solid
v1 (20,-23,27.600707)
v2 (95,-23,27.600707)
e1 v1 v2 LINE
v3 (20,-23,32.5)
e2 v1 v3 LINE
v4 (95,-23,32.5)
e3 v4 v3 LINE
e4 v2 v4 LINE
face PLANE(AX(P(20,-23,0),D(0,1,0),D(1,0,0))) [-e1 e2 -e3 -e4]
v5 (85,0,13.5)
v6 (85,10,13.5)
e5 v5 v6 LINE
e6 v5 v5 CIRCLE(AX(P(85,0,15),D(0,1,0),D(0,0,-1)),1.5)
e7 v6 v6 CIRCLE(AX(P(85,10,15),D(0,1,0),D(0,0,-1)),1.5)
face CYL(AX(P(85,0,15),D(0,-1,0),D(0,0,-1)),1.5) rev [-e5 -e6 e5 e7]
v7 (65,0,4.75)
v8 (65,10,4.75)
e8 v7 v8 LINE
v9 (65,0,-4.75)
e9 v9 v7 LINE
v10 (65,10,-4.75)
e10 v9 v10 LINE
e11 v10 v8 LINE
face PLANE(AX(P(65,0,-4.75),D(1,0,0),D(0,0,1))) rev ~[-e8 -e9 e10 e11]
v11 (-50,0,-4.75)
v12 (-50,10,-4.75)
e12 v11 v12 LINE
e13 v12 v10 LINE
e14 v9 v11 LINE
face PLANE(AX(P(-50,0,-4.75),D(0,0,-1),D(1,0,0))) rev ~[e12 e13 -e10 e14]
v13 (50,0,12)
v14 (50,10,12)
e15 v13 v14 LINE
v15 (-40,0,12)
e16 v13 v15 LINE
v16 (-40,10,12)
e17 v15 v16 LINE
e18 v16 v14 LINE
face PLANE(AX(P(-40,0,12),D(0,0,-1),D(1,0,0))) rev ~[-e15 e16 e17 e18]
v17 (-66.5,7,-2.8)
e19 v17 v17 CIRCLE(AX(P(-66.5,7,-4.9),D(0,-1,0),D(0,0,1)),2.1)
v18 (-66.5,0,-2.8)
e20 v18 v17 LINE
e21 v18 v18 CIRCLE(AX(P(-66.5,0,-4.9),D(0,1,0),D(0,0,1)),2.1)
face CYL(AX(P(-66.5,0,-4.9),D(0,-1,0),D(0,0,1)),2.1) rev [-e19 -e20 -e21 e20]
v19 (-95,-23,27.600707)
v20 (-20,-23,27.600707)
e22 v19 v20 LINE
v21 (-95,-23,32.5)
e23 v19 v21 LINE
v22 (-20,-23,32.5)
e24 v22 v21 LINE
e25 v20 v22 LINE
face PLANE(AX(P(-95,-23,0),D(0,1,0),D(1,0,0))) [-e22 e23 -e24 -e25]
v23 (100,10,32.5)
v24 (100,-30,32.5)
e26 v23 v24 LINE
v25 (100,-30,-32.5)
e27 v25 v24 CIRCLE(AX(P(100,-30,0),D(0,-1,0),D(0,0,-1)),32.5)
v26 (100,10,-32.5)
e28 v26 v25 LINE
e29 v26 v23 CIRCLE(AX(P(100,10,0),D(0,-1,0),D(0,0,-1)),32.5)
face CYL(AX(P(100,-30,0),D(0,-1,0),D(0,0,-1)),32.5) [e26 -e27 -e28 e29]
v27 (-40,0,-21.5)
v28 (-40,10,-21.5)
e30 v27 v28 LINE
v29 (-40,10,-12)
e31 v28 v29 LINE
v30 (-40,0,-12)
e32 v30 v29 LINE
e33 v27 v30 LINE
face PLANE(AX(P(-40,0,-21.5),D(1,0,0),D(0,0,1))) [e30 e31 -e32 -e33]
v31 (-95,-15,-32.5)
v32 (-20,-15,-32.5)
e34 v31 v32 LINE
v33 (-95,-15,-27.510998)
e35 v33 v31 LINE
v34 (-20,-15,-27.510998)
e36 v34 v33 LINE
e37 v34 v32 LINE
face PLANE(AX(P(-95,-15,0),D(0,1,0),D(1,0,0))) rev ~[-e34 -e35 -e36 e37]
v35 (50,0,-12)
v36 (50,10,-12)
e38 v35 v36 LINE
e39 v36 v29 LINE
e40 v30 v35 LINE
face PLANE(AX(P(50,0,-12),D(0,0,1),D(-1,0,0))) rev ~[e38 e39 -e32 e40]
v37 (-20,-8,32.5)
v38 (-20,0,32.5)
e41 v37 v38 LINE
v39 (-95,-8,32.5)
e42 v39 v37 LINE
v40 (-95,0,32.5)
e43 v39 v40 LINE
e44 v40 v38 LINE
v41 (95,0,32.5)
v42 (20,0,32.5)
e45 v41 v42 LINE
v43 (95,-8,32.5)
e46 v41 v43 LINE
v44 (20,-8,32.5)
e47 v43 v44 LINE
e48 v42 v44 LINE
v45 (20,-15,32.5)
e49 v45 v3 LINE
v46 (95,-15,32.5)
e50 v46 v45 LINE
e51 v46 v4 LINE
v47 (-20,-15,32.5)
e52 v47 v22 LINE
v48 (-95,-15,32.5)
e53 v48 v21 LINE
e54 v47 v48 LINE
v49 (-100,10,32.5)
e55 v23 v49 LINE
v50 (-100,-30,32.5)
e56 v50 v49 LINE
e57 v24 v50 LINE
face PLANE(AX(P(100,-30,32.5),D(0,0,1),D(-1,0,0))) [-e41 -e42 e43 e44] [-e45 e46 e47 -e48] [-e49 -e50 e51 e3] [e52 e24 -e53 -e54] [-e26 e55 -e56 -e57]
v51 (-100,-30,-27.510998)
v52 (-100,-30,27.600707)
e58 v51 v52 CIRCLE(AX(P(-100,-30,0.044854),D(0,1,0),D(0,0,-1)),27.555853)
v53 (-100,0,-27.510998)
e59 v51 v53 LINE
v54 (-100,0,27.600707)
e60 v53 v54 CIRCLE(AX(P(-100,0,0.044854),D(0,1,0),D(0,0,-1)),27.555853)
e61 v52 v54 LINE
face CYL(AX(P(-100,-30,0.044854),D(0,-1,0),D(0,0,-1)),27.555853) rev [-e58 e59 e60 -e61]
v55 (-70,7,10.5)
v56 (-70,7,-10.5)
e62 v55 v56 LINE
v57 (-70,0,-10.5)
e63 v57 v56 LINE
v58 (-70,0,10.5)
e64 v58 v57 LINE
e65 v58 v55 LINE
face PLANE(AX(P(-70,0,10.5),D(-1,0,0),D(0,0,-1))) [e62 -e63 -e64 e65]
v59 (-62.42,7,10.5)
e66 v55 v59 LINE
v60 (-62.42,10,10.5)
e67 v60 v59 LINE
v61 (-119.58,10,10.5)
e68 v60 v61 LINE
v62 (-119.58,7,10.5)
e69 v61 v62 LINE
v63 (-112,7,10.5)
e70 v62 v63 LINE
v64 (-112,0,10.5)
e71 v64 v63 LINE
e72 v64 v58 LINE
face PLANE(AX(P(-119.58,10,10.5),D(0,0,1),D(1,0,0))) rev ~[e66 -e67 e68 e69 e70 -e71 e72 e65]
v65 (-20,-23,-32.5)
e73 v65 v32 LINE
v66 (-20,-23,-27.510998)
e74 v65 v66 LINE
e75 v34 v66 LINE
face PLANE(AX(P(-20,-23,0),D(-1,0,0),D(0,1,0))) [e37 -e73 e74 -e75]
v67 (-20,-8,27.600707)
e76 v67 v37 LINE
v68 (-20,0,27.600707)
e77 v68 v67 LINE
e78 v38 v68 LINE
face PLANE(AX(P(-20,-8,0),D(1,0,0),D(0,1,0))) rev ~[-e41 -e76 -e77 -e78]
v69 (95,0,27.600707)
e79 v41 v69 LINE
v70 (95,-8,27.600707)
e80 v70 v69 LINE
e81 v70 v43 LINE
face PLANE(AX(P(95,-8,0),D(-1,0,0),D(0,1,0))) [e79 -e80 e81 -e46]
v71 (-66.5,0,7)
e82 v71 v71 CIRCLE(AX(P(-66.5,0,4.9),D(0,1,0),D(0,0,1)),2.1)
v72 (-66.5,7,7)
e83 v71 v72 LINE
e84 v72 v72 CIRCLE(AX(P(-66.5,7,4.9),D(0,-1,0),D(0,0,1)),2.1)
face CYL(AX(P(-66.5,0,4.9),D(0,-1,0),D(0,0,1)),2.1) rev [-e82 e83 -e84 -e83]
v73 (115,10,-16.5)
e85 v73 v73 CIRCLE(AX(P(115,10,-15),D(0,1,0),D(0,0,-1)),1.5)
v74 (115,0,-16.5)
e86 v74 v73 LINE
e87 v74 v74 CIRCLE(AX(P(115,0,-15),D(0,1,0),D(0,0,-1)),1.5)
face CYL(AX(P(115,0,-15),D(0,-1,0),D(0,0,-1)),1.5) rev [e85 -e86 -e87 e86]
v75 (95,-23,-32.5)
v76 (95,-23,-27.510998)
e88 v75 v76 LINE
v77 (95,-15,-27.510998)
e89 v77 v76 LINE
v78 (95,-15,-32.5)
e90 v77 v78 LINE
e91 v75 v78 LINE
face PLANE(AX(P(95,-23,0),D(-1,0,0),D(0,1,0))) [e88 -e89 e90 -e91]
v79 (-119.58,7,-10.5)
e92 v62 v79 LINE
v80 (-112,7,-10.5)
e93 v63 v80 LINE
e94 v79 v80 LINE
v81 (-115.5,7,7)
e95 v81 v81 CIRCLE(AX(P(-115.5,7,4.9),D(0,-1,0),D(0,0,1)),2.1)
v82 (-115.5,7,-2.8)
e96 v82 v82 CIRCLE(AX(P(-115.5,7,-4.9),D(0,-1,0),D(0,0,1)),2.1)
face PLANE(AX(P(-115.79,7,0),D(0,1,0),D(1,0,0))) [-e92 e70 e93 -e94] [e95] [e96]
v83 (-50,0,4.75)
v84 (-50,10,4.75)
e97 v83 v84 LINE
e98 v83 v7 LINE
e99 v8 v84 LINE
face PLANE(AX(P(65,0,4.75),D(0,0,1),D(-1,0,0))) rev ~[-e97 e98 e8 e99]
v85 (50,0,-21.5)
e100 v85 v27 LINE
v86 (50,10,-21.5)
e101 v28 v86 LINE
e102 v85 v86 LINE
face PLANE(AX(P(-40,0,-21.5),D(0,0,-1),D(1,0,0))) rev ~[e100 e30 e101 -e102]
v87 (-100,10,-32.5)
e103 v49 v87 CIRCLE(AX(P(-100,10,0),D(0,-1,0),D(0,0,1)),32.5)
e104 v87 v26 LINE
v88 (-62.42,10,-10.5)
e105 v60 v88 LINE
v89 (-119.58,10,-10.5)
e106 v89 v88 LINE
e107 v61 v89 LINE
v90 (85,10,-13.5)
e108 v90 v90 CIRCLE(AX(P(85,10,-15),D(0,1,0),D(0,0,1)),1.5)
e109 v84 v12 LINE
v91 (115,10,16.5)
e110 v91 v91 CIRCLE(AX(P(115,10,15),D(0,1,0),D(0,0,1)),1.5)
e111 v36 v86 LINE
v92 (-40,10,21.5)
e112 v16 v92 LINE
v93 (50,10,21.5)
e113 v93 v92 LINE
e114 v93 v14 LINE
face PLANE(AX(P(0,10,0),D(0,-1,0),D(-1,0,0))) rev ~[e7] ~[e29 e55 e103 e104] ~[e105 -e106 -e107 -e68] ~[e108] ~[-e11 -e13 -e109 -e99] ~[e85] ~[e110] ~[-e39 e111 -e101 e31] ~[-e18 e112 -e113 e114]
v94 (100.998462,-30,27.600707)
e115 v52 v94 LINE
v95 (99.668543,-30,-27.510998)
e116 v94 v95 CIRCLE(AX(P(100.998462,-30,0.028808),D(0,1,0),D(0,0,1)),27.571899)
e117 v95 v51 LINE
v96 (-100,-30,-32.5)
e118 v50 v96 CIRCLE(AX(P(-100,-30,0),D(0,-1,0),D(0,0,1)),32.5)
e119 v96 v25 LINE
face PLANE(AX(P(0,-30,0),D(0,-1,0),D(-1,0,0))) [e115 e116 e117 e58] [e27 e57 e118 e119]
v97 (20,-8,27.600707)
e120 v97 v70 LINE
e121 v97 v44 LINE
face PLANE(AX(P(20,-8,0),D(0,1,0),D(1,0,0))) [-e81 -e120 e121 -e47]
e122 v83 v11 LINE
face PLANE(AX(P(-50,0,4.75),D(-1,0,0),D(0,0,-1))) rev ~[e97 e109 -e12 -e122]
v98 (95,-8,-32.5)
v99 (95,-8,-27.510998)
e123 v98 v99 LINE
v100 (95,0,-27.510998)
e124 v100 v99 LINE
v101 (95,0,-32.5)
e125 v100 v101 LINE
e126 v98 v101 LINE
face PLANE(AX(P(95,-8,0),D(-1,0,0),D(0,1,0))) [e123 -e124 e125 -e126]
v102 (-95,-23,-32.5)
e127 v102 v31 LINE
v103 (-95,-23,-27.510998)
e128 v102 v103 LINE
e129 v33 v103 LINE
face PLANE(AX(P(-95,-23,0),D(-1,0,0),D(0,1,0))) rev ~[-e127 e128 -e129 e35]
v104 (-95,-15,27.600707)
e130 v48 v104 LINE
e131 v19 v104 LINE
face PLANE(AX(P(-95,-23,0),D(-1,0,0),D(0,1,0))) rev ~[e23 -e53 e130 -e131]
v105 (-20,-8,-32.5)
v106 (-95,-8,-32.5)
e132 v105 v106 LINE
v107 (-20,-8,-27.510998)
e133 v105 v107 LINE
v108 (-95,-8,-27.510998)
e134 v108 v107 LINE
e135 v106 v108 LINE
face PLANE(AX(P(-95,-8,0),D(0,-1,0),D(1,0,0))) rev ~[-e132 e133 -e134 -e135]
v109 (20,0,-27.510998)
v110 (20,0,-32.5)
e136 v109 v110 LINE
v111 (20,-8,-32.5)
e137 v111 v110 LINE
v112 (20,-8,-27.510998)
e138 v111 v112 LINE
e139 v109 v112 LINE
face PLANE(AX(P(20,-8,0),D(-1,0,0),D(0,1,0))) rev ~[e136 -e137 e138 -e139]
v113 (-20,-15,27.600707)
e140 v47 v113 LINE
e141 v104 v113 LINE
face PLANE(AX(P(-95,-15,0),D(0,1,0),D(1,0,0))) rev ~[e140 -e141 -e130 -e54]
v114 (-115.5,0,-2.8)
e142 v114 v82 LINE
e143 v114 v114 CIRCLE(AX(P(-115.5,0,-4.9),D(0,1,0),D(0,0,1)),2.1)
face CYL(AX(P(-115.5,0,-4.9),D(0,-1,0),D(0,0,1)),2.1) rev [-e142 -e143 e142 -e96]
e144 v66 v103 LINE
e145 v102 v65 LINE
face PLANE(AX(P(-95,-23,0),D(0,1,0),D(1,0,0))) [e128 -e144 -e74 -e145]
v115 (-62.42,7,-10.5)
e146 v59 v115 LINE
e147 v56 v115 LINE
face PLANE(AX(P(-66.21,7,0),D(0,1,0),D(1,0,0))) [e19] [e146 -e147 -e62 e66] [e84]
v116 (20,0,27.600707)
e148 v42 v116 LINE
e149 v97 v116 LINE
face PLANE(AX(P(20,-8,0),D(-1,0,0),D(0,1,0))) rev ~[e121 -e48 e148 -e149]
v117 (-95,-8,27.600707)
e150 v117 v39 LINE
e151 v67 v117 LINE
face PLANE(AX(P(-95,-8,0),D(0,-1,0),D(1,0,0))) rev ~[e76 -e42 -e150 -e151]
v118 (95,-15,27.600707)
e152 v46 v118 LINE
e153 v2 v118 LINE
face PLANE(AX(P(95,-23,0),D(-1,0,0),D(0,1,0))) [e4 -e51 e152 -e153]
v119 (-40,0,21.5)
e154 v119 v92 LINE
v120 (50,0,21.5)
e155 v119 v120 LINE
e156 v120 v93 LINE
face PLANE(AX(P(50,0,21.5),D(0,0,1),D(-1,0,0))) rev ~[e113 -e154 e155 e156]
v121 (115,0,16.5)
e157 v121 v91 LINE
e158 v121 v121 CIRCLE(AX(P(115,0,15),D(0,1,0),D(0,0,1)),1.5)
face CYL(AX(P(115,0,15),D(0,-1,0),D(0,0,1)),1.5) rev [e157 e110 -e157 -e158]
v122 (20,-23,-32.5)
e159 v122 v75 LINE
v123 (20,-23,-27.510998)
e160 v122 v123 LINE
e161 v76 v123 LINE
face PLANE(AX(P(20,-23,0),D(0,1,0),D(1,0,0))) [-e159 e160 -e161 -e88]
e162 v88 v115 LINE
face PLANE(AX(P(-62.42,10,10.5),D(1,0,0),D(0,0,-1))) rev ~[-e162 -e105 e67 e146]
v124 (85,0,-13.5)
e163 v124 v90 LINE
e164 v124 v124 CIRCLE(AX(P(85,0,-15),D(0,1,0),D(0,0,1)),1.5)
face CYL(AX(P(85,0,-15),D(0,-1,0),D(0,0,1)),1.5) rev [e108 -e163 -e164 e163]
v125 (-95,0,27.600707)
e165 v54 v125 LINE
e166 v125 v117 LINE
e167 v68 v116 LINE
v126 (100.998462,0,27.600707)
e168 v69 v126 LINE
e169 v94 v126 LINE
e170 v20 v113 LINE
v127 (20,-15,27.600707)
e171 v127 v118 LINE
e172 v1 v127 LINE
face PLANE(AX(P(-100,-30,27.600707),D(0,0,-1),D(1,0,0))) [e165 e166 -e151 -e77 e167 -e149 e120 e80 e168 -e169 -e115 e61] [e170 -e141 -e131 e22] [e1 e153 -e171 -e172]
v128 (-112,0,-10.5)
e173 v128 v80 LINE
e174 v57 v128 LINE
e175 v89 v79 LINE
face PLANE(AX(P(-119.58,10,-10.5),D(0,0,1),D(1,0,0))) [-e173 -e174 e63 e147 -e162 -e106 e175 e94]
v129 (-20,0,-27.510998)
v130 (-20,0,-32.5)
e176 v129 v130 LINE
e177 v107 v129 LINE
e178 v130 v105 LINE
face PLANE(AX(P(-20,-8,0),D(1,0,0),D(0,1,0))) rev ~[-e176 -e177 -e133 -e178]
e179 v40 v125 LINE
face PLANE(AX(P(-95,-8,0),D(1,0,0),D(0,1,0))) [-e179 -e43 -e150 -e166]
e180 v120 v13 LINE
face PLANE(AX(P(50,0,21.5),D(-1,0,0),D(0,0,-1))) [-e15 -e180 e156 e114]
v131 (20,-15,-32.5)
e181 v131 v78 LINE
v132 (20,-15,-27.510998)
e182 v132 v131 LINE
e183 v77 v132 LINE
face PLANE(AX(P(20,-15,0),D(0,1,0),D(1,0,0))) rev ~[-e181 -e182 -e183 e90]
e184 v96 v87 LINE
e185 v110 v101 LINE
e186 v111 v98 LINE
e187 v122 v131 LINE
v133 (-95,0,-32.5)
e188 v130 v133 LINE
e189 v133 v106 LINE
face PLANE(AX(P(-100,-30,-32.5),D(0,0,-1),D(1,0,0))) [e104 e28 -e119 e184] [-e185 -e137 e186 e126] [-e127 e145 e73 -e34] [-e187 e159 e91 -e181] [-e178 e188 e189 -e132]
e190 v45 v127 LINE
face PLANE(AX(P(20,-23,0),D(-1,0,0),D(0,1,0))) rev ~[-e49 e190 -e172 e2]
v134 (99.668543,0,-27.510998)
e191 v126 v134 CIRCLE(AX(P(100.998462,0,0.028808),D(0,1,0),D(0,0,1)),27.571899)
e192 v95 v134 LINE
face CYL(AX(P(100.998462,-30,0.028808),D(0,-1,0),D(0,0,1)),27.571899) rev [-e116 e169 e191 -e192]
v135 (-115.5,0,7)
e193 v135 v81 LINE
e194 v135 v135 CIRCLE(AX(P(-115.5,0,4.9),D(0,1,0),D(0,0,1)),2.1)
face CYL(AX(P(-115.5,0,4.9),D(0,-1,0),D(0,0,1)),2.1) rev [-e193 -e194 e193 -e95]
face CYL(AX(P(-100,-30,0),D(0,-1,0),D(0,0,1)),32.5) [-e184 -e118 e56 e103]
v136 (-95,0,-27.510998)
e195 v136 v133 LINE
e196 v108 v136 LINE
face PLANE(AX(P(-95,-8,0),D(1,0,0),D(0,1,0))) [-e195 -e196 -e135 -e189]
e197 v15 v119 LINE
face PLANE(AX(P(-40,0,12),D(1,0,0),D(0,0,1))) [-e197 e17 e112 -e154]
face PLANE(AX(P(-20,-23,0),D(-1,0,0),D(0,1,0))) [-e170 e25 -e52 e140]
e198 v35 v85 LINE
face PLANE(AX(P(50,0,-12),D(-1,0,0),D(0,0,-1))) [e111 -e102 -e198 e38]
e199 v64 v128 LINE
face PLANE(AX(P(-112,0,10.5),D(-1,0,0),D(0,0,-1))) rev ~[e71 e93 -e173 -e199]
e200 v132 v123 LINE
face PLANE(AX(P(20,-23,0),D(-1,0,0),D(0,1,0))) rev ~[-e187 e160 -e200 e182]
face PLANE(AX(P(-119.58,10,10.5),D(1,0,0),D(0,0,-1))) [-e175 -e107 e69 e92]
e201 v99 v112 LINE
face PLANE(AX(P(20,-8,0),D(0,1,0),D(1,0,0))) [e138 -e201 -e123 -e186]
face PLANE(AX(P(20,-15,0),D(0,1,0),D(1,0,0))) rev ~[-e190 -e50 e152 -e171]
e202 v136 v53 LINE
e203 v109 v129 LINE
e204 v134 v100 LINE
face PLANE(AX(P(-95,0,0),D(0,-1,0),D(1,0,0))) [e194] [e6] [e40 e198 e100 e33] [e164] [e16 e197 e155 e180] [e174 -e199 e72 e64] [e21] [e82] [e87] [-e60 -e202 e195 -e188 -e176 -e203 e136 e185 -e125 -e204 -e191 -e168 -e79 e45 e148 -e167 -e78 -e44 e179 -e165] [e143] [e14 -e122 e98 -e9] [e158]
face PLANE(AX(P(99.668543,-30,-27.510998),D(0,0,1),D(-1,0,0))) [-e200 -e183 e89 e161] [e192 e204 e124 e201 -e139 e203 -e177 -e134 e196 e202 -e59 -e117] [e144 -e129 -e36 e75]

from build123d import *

# Parameters (mm, degrees)
SKETCH1_R           = 2.1
SKETCH1_R_2         = 1.5
SKETCH1_W           = 42
SKETCH1_H           = 21
BOSS_EXTRUDE1_DEPTH = 10
BOSS_EXTRUDE2_START = -30
BOSS_EXTRUDE2_DEPTH = 30
SKETCH3_W           = 75
SKETCH3_H           = 8
CUT_EXTRUDE1_DEPTH  = 45
SKETCH4_W           = 7.58
SKETCH4_H           = 21
CUT_EXTRUDE2_DEPTH  = 3


with BuildPart() as part:
    # Sketch1 → Boss-Extrude1 (new body)
    with BuildSketch(Plane(origin=(0, 0, 0), x_dir=(1, 0, 0), z_dir=(0, 1, 0))):
        with BuildLine():
            Line((-100, 32.5), (100, 32.5))
            ThreePointArc((100, 32.5), (132.5, 0), (100, -32.5))
            Line((100, -32.5), (-100, -32.5))
            ThreePointArc((-100, -32.5), (-132.5, 0), (-100, 32.5))
        make_face()
        with Locations(Location((-115.5, 4.9, 0), (0, 0, 270))):
            Circle(SKETCH1_R, mode=Mode.SUBTRACT)
        with Locations(Location((-115.5, -4.9, 0), (0, 0, 270))):
            Circle(SKETCH1_R, mode=Mode.SUBTRACT)
        with Locations(Location((-66.5, -4.9, 0), (0, 0, 270))):
            Circle(SKETCH1_R, mode=Mode.SUBTRACT)
        with Locations(Location((-66.5, 4.9, 0), (0, 0, 270))):
            Circle(SKETCH1_R, mode=Mode.SUBTRACT)
        with Locations(Location((85, 15, 0), (0, 0, 270))):
            Circle(SKETCH1_R_2, mode=Mode.SUBTRACT)
        with Locations(Location((115, 15, 0), (0, 0, 90))):
            Circle(SKETCH1_R_2, mode=Mode.SUBTRACT)
        with Locations(Location((85, -15, 0), (0, 0, 90))):
            Circle(SKETCH1_R_2, mode=Mode.SUBTRACT)
        with Locations(Location((115, -15, 0), (0, 0, 270))):
            Circle(SKETCH1_R_2, mode=Mode.SUBTRACT)
        with Locations((-91, 0)):
            Rectangle(SKETCH1_W, SKETCH1_H, mode=Mode.SUBTRACT)
        Polygon((0, 21.5), (-40, 21.5), (-40, 12), (0, 12), (50, 12), (50, 21.5), align=None, mode=Mode.SUBTRACT)
        Polygon((-50, 4.75), (0, 4.75), (65, 4.75), (65, -4.75), (0, -4.75), (-50, -4.75), align=None, mode=Mode.SUBTRACT)
        Polygon((0, -12), (-40, -12), (-40, -21.5), (0, -21.5), (50, -21.5), (50, -12), align=None, mode=Mode.SUBTRACT)
    extrude(amount=BOSS_EXTRUDE1_DEPTH)

    # Sketch2 → Boss-Extrude2 (add)
    with BuildSketch(Plane(origin=(0, 0, 0), x_dir=(1, 0, 0), z_dir=(0, 1, 0)).offset(BOSS_EXTRUDE2_START)):
        with BuildLine():
            Line((-100, 32.5), (100, 32.5))
            ThreePointArc((100, 32.5), (132.5, 0), (100, -32.5))
            Line((100, -32.5), (-100, -32.5))
            ThreePointArc((-100, -32.5), (-132.5, 0), (-100, 32.5))
        make_face()
        with BuildLine():
            Line((99.668543355, 27.510998447), (-100, 27.510998447))
            ThreePointArc((-100, 27.510998447), (-127.55585262, -0.044854173), (-100, -27.600706793))
            Line((-100, -27.600706793), (100.998461852, -27.600706793))
            ThreePointArc((100.998461852, -27.600706793), (128.562336478, 0.636345006), (99.668543355, 27.510998447))
        make_face(mode=Mode.SUBTRACT)
    extrude(amount=BOSS_EXTRUDE2_DEPTH)

    # Sketch3 → Cut-Extrude1 (cut, symmetric)
    with BuildSketch(Plane.XY):
        with Locations((-57.5, -19)):
            Rectangle(SKETCH3_W, SKETCH3_H)
        with Locations((57.5, -19)):
            Rectangle(SKETCH3_W, SKETCH3_H)
        with Locations((57.5, -4)):
            Rectangle(SKETCH3_W, SKETCH3_H)
        with Locations((-57.5, -4)):
            Rectangle(SKETCH3_W, SKETCH3_H)
    extrude(amount=CUT_EXTRUDE1_DEPTH, both=True, mode=Mode.SUBTRACT)

    # Sketch4 → Cut-Extrude2 (cut)
    with BuildSketch(Plane(origin=(0, 10, 0), x_dir=(1, 0, 0), z_dir=(0, 1, 0))):
        with Locations((-115.79, 0)):
            Rectangle(SKETCH4_W, SKETCH4_H)
        with Locations((-66.21, 0)):
            Rectangle(SKETCH4_W, SKETCH4_H)
    extrude(amount=-CUT_EXTRUDE2_DEPTH, mode=Mode.SUBTRACT)


solid = part.part
